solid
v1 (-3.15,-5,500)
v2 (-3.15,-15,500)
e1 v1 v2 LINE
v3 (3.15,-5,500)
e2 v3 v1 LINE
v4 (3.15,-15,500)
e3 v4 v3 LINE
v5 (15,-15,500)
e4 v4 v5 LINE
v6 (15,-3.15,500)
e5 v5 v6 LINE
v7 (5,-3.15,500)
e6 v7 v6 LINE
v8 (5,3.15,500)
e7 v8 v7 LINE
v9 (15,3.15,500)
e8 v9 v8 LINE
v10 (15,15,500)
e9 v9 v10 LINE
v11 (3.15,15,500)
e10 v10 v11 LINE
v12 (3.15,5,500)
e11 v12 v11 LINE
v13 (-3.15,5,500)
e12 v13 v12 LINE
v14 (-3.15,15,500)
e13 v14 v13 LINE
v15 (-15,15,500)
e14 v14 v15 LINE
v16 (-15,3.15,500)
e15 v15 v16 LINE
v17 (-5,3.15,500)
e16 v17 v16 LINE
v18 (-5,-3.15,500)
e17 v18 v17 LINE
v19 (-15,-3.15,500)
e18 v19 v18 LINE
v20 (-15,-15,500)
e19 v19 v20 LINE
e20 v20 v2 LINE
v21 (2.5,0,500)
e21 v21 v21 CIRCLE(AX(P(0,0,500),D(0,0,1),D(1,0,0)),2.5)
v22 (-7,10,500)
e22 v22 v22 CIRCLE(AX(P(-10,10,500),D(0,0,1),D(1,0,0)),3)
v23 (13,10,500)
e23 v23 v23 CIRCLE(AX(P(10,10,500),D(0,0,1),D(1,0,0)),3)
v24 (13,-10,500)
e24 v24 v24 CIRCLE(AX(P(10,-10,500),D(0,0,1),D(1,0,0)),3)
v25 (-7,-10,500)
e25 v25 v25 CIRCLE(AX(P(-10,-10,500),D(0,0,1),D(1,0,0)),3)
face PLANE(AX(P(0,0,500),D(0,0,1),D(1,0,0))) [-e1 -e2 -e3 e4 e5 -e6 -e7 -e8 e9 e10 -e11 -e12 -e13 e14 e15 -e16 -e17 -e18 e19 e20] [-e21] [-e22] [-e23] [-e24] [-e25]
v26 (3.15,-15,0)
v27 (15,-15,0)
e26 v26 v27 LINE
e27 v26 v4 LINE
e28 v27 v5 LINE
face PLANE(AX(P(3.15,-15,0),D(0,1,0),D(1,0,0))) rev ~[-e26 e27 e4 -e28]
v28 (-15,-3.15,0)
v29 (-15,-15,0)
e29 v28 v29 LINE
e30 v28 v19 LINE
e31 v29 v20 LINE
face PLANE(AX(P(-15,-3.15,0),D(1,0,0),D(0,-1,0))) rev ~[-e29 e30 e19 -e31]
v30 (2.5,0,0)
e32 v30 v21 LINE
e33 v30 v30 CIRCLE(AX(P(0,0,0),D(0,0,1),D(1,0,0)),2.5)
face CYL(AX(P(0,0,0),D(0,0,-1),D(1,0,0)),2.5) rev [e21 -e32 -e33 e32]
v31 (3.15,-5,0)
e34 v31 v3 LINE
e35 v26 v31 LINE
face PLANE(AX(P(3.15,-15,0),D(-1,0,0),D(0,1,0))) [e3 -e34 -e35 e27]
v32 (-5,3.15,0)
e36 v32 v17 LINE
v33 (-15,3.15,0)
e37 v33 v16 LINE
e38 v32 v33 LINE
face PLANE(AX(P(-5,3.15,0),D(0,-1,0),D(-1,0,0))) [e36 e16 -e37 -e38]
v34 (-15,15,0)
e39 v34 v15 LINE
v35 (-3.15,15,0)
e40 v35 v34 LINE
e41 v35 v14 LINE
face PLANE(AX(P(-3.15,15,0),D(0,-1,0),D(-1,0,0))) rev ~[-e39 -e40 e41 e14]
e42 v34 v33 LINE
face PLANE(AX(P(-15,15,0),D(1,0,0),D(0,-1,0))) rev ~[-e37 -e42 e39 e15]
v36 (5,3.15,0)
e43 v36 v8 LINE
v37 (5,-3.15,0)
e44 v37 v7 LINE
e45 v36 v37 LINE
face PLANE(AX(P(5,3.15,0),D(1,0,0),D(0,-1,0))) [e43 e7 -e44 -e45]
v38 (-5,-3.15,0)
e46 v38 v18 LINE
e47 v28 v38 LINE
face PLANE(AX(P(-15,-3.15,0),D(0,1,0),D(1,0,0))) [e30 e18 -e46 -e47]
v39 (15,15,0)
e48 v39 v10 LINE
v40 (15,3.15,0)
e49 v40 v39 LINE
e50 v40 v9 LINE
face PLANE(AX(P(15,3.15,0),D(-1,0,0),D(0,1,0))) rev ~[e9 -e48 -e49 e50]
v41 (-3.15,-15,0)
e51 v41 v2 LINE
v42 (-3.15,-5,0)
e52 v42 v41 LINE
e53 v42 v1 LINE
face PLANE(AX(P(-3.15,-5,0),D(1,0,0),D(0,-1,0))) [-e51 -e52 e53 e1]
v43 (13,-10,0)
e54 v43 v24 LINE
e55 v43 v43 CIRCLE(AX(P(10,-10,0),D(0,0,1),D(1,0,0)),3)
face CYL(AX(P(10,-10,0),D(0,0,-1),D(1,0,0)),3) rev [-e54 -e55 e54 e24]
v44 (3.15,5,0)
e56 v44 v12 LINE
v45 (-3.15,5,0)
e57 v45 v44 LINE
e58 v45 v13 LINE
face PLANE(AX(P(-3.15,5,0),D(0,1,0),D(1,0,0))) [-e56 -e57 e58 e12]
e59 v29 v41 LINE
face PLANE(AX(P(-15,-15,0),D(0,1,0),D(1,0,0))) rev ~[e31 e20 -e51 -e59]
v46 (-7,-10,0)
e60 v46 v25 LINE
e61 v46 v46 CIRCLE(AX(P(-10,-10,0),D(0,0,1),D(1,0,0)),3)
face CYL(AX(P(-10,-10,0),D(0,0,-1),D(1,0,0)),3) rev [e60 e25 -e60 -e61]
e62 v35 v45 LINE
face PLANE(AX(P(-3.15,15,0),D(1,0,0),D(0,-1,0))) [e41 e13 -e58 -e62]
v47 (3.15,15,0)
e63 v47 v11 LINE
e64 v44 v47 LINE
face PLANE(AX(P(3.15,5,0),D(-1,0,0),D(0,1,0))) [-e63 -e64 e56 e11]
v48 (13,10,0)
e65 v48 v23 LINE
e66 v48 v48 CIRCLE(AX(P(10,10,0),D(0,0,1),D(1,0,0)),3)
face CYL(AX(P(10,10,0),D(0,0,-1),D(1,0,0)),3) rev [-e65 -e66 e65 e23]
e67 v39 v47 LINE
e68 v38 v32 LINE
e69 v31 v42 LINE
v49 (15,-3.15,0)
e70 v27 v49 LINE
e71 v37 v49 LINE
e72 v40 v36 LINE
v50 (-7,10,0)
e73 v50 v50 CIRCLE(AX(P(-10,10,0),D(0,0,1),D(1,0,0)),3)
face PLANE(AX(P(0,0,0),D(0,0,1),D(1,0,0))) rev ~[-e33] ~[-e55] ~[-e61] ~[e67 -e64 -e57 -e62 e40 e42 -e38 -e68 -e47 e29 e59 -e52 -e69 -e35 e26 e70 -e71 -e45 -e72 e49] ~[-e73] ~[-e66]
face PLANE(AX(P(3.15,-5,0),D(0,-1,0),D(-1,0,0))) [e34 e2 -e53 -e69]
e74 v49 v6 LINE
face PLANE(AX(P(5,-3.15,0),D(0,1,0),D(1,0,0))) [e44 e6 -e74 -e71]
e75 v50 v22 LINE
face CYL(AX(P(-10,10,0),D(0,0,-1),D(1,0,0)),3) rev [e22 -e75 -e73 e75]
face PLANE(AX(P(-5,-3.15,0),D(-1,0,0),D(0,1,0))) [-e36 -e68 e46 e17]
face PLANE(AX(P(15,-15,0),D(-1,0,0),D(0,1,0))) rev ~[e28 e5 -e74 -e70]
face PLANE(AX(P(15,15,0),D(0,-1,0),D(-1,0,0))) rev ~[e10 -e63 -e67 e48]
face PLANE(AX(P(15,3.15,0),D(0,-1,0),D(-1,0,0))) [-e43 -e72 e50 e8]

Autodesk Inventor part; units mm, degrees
ref_plane "YZ Plane" through (0, 0, 0) normal (1, 0, 0) x (0, 1, 0)
ref_plane "XZ Plane" through (0, 0, 0) normal (0, 1, 0) x (-1, 0, 0)
ref_plane "XY Plane" through (0, 0, 0) normal (0, 0, 1) x (1, 0, 0)
sketch "스케치1" plane through (0, 0, 0) normal (0, 0, 1) x (1, 0, 0)
  line L0 (15, 15) -> (-15, 15)
  line L1 (-15, 15) -> (-15, -15)
  line L2 (-15, -15) -> (15, -15)
  line L3 (15, -15) -> (15, 15)
  circle A0 centre (0, 0) radius 2.5
  circle A1 centre (-10, 10) radius 3
  circle A2 centre (10, 10) radius 3
  circle A3 centre (10, -10) radius 3
  circle A4 centre (-10, -10) radius 3
  line L4 (3.15, 15) -> (-3.15, 15)
  line L5 (-3.15, 15) -> (-3.15, 5)
  line L6 (-3.15, 5) -> (3.15, 5)
  line L7 (3.15, 5) -> (3.15, 15)
  line L8 (-15, -3.15) -> (-5, -3.15)
  line L9 (-5, 3.15) -> (-15, 3.15)
  line L10 (-5, -3.15) -> (-5, 3.15)
  line L11 (-15, 3.15) -> (-15, -3.15)
  line L12 (3.15, -15) -> (3.15, -5)
  line L13 (-3.15, -5) -> (-3.15, -15)
  line L14 (3.15, -5) -> (-3.15, -5)
  line L15 (-3.15, -15) -> (3.15, -15)
  line L16 (15, 3.15) -> (5, 3.15)
  line L17 (5, -3.15) -> (15, -3.15)
  line L18 (5, 3.15) -> (5, -3.15)
  line L19 (15, -3.15) -> (15, 3.15)
  dimension "d0" = 30
  dimension "d1" = 15
  dimension "d2" = 30
  dimension "d3" = 15
  dimension "d4" = 20
  dimension "d5" = 10
  dimension "d6" = 20
  dimension "d7" = 10
  dimension "d8" = 20
  dimension "d9" = 20
  dimension "d10" = 10
  dimension "d11" = 10
  dimension "d12" = 6
  dimension "d13" = 6
  dimension "d14" = 6
  dimension "d15" = 6
  dimension "d16" = 5
  dimension "d17" = 0
  dimension "d18" = 6.3
  dimension "d19" = 3.15
  dimension "d20" = 10
  dimension "d23" = 360
extrude "돌출1" add sketch "스케치1" along normal blind 500 contours L3 L16 L18 L17 L2 L12 L14 L13 L1 L8 L10 L9 L0 L5 L6 L7
equation "\"TransitionRadius\" = BendRadius"
equation "\"BendRadius\" = 0.5"
properties part number "3030500"
